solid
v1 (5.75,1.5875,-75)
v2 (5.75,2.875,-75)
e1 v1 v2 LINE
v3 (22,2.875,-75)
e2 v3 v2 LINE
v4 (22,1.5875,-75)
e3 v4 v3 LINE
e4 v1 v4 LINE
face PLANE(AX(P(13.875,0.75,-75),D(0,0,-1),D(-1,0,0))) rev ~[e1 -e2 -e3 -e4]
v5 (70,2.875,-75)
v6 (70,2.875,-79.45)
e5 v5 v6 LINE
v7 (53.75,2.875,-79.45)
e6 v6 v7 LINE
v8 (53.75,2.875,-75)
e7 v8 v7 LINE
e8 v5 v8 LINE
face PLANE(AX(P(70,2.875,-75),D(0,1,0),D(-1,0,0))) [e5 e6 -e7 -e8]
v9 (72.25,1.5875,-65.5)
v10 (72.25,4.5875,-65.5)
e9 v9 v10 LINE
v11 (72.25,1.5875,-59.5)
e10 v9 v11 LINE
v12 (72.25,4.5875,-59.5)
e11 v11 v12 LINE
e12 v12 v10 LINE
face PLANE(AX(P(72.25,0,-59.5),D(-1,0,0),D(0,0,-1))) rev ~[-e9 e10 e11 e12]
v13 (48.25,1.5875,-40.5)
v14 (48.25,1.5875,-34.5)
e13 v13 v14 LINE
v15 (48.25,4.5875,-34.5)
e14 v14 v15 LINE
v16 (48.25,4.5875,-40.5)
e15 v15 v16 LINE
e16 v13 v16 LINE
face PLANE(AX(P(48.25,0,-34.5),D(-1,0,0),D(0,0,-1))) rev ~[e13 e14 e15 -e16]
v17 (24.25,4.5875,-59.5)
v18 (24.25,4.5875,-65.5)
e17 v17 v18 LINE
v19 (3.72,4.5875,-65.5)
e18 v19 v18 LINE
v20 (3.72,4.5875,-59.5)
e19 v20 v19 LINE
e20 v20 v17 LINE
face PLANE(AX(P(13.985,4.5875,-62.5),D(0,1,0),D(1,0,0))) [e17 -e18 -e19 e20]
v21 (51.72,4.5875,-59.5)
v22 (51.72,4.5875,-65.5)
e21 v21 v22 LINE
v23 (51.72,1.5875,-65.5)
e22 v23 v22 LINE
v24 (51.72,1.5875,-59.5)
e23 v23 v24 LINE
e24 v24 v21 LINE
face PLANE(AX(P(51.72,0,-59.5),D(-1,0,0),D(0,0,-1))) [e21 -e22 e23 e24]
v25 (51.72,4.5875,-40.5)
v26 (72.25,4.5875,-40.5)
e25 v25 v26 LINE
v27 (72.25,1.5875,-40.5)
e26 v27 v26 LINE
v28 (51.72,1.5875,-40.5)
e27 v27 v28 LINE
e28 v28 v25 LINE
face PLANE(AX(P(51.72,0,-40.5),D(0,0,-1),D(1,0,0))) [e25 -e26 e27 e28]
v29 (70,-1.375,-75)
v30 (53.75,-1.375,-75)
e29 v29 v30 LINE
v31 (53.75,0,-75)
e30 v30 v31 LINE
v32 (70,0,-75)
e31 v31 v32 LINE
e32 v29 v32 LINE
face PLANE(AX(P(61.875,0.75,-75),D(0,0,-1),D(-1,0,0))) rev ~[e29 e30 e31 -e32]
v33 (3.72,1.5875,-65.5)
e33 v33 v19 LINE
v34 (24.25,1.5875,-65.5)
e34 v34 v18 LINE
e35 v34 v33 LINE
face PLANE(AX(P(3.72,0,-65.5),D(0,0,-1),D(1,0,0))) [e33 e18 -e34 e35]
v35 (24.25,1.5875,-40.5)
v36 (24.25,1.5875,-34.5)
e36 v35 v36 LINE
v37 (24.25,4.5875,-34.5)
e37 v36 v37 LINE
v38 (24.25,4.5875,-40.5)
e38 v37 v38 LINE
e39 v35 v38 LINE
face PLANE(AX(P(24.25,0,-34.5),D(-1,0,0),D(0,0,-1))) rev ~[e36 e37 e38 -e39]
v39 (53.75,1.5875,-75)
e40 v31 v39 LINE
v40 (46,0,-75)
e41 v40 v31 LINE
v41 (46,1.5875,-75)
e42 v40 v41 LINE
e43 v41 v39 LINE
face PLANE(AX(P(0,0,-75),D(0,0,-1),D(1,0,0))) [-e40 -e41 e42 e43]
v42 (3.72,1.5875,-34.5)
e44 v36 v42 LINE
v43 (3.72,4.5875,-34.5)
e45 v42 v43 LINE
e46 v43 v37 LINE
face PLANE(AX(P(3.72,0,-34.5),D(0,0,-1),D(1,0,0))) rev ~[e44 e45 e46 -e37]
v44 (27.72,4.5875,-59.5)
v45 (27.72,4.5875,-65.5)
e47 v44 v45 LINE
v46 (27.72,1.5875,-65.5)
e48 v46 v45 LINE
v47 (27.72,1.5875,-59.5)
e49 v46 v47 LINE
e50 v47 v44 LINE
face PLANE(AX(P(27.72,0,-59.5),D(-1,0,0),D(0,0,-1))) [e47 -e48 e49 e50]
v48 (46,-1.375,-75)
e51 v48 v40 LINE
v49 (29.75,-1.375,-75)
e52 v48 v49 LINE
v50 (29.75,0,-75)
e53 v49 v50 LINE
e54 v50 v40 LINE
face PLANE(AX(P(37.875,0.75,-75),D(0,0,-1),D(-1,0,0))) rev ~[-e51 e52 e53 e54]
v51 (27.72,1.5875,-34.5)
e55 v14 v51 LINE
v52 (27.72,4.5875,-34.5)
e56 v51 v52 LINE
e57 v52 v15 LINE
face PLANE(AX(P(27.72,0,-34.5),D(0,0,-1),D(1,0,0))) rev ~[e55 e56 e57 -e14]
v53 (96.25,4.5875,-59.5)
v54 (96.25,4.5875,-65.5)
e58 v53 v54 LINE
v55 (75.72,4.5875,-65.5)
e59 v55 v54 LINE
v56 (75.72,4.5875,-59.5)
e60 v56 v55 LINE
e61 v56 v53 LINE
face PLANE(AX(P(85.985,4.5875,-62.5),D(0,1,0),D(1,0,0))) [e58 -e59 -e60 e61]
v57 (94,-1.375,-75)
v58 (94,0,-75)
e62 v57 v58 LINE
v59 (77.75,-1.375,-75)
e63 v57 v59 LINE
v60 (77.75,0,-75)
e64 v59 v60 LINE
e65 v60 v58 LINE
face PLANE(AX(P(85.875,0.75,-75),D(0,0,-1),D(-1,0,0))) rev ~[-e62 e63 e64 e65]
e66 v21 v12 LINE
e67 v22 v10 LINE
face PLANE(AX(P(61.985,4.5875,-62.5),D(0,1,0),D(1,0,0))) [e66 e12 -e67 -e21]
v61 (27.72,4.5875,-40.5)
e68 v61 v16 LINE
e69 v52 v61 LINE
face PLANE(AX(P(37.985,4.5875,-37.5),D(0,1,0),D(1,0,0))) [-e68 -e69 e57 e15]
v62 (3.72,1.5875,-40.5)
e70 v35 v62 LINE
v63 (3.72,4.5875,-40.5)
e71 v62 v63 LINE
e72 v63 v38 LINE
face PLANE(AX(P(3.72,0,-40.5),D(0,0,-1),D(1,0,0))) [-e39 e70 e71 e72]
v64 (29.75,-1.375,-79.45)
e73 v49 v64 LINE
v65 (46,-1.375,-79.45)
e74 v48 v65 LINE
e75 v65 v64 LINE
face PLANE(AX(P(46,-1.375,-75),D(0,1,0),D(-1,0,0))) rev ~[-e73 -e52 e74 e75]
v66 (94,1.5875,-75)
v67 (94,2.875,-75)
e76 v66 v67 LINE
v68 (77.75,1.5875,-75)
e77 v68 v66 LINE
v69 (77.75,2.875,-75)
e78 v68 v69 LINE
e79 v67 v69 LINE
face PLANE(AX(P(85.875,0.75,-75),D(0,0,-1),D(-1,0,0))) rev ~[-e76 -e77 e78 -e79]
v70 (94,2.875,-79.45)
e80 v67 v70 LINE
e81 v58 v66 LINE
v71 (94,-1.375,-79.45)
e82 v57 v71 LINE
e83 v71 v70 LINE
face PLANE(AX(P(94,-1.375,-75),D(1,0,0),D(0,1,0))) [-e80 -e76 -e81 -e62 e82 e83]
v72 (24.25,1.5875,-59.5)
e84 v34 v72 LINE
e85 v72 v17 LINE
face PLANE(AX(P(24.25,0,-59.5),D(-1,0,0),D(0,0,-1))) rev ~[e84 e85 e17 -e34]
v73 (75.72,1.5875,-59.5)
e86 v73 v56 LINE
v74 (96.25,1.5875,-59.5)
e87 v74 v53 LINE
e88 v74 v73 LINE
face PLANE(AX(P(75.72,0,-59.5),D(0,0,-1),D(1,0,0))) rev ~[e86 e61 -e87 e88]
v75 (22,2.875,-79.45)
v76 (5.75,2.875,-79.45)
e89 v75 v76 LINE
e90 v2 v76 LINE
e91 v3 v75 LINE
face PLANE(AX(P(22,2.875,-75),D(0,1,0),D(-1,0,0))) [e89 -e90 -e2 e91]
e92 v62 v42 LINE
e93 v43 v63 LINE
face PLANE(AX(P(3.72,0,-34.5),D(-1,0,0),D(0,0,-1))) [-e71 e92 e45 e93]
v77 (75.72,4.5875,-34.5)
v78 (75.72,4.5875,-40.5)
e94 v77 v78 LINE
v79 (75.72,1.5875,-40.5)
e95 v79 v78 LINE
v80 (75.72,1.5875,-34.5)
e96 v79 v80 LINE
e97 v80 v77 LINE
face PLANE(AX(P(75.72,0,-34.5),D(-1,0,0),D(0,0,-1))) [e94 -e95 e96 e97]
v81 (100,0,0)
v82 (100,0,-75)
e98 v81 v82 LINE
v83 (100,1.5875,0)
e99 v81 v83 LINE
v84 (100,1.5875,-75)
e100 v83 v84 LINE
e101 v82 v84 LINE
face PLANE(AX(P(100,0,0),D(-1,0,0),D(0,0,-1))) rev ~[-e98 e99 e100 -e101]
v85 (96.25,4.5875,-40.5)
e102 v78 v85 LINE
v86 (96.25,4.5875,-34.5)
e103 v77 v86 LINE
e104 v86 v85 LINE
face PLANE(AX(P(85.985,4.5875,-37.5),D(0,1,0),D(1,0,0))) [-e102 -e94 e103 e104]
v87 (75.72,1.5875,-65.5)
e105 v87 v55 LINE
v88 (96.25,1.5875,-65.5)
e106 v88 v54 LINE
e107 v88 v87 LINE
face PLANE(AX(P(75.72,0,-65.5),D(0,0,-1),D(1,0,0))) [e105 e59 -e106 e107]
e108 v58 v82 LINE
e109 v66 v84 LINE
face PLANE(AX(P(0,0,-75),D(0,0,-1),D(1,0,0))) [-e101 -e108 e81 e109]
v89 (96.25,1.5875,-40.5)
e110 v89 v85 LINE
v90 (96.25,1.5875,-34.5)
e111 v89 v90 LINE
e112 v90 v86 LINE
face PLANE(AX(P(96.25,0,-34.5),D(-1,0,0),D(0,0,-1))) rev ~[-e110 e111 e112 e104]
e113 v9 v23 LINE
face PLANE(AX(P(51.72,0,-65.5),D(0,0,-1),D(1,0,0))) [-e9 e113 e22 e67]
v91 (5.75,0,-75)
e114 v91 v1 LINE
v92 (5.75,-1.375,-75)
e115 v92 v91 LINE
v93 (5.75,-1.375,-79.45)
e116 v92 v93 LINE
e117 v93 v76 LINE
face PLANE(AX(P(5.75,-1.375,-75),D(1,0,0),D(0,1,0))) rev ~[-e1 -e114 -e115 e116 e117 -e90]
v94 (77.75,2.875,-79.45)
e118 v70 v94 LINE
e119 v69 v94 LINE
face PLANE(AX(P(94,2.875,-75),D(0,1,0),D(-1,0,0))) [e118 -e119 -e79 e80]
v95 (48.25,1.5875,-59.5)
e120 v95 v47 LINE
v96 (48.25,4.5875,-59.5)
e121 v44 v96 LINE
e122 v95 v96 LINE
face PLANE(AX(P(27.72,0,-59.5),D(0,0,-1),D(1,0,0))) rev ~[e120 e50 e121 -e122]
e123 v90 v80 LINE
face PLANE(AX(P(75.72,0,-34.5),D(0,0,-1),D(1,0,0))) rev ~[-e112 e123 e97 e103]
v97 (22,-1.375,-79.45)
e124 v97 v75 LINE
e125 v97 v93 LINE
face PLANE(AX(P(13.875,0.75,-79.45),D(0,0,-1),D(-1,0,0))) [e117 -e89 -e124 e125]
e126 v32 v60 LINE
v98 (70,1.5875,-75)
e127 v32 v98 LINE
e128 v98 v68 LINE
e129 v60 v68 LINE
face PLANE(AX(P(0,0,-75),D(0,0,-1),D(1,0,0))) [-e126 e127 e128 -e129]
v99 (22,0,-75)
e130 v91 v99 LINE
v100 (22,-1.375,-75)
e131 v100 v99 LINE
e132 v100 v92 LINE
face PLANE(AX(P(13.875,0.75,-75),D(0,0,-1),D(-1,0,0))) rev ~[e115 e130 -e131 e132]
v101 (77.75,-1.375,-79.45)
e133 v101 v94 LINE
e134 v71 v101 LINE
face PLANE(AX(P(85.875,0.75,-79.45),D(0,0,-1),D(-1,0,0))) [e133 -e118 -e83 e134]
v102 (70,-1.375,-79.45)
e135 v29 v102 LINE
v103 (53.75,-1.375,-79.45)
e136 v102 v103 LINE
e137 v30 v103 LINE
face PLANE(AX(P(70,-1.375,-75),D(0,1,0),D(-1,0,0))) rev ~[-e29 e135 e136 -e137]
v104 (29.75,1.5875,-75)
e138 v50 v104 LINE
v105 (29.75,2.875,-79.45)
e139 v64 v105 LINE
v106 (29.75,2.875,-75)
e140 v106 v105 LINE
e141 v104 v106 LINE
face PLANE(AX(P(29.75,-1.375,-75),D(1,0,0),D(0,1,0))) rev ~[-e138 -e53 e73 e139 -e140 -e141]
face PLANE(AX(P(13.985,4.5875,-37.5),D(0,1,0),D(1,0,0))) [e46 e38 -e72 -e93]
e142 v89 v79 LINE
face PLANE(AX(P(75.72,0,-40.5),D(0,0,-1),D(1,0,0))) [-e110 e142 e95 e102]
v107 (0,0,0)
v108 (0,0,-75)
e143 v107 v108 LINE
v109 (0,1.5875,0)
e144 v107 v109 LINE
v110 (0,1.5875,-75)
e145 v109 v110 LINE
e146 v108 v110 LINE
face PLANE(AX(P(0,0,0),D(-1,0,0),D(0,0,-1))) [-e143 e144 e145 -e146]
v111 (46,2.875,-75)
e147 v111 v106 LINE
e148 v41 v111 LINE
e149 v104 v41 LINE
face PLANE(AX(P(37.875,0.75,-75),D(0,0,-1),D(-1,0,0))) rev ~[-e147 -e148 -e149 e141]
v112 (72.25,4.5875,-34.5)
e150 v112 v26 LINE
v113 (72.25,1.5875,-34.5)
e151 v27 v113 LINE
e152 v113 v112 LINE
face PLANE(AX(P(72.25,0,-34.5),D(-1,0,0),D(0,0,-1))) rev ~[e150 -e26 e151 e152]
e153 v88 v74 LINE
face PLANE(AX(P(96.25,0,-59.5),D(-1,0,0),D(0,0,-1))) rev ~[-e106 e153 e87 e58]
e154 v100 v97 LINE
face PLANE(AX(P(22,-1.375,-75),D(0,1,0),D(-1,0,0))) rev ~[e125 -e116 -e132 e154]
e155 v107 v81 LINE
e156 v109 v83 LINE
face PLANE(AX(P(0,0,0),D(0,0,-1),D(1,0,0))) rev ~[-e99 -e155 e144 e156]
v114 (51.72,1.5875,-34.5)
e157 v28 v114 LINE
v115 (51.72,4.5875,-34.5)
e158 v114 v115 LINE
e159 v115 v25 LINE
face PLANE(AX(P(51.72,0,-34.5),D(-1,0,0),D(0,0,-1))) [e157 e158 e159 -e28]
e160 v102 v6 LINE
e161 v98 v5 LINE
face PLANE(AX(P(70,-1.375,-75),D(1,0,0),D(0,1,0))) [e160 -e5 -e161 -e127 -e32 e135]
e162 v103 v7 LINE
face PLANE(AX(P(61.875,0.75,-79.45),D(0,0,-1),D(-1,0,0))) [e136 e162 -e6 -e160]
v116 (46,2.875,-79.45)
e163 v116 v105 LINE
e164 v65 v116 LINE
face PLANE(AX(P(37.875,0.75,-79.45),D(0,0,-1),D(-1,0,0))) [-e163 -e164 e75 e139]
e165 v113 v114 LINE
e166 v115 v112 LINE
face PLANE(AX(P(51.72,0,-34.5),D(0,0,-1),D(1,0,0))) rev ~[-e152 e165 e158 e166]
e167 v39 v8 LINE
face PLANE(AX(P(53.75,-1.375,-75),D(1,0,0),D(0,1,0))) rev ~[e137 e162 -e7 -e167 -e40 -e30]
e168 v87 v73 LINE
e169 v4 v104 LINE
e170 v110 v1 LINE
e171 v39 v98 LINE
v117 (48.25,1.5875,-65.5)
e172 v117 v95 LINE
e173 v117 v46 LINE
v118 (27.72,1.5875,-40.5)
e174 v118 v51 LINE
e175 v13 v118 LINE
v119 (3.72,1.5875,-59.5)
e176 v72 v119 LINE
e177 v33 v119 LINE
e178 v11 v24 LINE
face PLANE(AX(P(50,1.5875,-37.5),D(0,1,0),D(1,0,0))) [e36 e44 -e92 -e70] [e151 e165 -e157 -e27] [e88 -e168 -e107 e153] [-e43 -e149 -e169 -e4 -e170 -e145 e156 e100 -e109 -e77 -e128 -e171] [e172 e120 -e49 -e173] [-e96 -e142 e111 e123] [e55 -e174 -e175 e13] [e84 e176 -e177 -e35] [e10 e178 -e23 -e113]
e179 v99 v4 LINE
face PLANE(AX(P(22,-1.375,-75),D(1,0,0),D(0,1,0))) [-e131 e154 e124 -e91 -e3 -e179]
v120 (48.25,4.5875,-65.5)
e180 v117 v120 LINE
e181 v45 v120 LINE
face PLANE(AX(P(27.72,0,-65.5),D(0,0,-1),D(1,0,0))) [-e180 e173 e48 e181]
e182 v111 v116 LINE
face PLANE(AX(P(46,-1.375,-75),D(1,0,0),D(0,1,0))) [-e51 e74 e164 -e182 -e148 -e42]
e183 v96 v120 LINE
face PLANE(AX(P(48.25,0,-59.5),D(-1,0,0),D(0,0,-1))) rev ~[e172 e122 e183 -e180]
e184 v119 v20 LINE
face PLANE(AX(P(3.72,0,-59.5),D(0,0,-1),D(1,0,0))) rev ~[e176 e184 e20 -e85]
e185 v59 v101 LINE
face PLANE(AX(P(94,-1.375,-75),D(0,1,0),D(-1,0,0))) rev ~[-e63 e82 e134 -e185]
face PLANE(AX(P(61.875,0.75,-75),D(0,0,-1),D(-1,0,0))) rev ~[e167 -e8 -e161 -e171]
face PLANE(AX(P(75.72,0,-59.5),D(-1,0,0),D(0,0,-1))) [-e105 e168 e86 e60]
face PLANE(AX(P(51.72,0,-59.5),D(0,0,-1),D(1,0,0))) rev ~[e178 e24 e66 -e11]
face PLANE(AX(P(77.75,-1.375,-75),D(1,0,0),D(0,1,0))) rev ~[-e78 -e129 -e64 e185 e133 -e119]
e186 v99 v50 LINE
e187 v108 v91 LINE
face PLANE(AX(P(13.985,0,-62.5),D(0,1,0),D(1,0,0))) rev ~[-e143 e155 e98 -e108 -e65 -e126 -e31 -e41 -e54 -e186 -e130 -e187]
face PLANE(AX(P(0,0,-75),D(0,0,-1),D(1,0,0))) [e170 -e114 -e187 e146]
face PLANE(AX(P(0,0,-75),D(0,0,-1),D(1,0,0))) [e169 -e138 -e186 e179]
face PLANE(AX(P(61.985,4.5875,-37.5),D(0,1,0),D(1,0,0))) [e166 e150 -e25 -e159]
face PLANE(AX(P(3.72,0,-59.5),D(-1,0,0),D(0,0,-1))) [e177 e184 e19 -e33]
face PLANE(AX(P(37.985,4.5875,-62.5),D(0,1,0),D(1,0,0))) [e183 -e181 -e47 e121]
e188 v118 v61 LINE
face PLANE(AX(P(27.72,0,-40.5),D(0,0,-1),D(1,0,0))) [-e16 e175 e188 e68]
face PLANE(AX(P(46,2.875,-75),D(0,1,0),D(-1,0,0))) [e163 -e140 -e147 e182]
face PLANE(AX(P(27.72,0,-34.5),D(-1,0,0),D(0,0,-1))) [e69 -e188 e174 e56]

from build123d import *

# Parameters (mm, degrees)
SKETCH1_W            = 100
SKETCH1_H            = 75
BOSS_EXTRUDE1_DEPTH  = 1.5875
SKETCH2_W            = 20.53
SKETCH2_H            = 6
BOSS_EXTRUDE2_DEPTH  = 4.5875
LPATTERN1_COUNT      = 4
LPATTERN1_PITCH      = 24
LPATTERN1_COUNT_DIR2 = 2
LPATTERN1_PITCH_DIR2 = 25
SKETCH3_W            = 16.25
SKETCH3_H            = 4.25
BOSS_EXTRUDE3_DEPTH  = 4.45
LPATTERN2_COUNT      = 4
LPATTERN2_PITCH      = 24


with BuildPart() as part:
    # Sketch1 → Boss-Extrude1 (new body)
    with BuildSketch(Plane(origin=(0, 0, 0), x_dir=(1, 0, 0), z_dir=(0, 1, 0))):
        with Locations((50, 37.5)):
            Rectangle(SKETCH1_W, SKETCH1_H)
    extrude(amount=BOSS_EXTRUDE1_DEPTH)

    # Sketch2 → Boss-Extrude2 (add)
    with BuildSketch(Plane(origin=(0, 0, 0), x_dir=(1, 0, 0), z_dir=(0, 1, 0))):
        with Locations((13.985, 37.5)):
            Rectangle(SKETCH2_W, SKETCH2_H)
    boss_extrude2 = extrude(amount=BOSS_EXTRUDE2_DEPTH)

    # LPattern1: Boss-Extrude2 4 × 2
    with Locations(*[(i * LPATTERN1_PITCH, 0, -j * LPATTERN1_PITCH_DIR2) for i in range(LPATTERN1_COUNT) for j in range(LPATTERN1_COUNT_DIR2) if (i, j) != (0, 0)]):
        add(boss_extrude2)

    # Sketch3 → Boss-Extrude3 (add)
    with BuildSketch(Plane(origin=(0, 0, -75), x_dir=(-1, 0, 0), z_dir=(0, 0, -1))):
        with Locations((-13.875, 0.75)):
            Rectangle(SKETCH3_W, SKETCH3_H)
    boss_extrude3 = extrude(amount=BOSS_EXTRUDE3_DEPTH)

    # LPattern2: Boss-Extrude3 ×4
    with Locations(*[(i * LPATTERN2_PITCH, 0, 0) for i in range(1, LPATTERN2_COUNT)]):
        add(boss_extrude3)


solid = part.part
